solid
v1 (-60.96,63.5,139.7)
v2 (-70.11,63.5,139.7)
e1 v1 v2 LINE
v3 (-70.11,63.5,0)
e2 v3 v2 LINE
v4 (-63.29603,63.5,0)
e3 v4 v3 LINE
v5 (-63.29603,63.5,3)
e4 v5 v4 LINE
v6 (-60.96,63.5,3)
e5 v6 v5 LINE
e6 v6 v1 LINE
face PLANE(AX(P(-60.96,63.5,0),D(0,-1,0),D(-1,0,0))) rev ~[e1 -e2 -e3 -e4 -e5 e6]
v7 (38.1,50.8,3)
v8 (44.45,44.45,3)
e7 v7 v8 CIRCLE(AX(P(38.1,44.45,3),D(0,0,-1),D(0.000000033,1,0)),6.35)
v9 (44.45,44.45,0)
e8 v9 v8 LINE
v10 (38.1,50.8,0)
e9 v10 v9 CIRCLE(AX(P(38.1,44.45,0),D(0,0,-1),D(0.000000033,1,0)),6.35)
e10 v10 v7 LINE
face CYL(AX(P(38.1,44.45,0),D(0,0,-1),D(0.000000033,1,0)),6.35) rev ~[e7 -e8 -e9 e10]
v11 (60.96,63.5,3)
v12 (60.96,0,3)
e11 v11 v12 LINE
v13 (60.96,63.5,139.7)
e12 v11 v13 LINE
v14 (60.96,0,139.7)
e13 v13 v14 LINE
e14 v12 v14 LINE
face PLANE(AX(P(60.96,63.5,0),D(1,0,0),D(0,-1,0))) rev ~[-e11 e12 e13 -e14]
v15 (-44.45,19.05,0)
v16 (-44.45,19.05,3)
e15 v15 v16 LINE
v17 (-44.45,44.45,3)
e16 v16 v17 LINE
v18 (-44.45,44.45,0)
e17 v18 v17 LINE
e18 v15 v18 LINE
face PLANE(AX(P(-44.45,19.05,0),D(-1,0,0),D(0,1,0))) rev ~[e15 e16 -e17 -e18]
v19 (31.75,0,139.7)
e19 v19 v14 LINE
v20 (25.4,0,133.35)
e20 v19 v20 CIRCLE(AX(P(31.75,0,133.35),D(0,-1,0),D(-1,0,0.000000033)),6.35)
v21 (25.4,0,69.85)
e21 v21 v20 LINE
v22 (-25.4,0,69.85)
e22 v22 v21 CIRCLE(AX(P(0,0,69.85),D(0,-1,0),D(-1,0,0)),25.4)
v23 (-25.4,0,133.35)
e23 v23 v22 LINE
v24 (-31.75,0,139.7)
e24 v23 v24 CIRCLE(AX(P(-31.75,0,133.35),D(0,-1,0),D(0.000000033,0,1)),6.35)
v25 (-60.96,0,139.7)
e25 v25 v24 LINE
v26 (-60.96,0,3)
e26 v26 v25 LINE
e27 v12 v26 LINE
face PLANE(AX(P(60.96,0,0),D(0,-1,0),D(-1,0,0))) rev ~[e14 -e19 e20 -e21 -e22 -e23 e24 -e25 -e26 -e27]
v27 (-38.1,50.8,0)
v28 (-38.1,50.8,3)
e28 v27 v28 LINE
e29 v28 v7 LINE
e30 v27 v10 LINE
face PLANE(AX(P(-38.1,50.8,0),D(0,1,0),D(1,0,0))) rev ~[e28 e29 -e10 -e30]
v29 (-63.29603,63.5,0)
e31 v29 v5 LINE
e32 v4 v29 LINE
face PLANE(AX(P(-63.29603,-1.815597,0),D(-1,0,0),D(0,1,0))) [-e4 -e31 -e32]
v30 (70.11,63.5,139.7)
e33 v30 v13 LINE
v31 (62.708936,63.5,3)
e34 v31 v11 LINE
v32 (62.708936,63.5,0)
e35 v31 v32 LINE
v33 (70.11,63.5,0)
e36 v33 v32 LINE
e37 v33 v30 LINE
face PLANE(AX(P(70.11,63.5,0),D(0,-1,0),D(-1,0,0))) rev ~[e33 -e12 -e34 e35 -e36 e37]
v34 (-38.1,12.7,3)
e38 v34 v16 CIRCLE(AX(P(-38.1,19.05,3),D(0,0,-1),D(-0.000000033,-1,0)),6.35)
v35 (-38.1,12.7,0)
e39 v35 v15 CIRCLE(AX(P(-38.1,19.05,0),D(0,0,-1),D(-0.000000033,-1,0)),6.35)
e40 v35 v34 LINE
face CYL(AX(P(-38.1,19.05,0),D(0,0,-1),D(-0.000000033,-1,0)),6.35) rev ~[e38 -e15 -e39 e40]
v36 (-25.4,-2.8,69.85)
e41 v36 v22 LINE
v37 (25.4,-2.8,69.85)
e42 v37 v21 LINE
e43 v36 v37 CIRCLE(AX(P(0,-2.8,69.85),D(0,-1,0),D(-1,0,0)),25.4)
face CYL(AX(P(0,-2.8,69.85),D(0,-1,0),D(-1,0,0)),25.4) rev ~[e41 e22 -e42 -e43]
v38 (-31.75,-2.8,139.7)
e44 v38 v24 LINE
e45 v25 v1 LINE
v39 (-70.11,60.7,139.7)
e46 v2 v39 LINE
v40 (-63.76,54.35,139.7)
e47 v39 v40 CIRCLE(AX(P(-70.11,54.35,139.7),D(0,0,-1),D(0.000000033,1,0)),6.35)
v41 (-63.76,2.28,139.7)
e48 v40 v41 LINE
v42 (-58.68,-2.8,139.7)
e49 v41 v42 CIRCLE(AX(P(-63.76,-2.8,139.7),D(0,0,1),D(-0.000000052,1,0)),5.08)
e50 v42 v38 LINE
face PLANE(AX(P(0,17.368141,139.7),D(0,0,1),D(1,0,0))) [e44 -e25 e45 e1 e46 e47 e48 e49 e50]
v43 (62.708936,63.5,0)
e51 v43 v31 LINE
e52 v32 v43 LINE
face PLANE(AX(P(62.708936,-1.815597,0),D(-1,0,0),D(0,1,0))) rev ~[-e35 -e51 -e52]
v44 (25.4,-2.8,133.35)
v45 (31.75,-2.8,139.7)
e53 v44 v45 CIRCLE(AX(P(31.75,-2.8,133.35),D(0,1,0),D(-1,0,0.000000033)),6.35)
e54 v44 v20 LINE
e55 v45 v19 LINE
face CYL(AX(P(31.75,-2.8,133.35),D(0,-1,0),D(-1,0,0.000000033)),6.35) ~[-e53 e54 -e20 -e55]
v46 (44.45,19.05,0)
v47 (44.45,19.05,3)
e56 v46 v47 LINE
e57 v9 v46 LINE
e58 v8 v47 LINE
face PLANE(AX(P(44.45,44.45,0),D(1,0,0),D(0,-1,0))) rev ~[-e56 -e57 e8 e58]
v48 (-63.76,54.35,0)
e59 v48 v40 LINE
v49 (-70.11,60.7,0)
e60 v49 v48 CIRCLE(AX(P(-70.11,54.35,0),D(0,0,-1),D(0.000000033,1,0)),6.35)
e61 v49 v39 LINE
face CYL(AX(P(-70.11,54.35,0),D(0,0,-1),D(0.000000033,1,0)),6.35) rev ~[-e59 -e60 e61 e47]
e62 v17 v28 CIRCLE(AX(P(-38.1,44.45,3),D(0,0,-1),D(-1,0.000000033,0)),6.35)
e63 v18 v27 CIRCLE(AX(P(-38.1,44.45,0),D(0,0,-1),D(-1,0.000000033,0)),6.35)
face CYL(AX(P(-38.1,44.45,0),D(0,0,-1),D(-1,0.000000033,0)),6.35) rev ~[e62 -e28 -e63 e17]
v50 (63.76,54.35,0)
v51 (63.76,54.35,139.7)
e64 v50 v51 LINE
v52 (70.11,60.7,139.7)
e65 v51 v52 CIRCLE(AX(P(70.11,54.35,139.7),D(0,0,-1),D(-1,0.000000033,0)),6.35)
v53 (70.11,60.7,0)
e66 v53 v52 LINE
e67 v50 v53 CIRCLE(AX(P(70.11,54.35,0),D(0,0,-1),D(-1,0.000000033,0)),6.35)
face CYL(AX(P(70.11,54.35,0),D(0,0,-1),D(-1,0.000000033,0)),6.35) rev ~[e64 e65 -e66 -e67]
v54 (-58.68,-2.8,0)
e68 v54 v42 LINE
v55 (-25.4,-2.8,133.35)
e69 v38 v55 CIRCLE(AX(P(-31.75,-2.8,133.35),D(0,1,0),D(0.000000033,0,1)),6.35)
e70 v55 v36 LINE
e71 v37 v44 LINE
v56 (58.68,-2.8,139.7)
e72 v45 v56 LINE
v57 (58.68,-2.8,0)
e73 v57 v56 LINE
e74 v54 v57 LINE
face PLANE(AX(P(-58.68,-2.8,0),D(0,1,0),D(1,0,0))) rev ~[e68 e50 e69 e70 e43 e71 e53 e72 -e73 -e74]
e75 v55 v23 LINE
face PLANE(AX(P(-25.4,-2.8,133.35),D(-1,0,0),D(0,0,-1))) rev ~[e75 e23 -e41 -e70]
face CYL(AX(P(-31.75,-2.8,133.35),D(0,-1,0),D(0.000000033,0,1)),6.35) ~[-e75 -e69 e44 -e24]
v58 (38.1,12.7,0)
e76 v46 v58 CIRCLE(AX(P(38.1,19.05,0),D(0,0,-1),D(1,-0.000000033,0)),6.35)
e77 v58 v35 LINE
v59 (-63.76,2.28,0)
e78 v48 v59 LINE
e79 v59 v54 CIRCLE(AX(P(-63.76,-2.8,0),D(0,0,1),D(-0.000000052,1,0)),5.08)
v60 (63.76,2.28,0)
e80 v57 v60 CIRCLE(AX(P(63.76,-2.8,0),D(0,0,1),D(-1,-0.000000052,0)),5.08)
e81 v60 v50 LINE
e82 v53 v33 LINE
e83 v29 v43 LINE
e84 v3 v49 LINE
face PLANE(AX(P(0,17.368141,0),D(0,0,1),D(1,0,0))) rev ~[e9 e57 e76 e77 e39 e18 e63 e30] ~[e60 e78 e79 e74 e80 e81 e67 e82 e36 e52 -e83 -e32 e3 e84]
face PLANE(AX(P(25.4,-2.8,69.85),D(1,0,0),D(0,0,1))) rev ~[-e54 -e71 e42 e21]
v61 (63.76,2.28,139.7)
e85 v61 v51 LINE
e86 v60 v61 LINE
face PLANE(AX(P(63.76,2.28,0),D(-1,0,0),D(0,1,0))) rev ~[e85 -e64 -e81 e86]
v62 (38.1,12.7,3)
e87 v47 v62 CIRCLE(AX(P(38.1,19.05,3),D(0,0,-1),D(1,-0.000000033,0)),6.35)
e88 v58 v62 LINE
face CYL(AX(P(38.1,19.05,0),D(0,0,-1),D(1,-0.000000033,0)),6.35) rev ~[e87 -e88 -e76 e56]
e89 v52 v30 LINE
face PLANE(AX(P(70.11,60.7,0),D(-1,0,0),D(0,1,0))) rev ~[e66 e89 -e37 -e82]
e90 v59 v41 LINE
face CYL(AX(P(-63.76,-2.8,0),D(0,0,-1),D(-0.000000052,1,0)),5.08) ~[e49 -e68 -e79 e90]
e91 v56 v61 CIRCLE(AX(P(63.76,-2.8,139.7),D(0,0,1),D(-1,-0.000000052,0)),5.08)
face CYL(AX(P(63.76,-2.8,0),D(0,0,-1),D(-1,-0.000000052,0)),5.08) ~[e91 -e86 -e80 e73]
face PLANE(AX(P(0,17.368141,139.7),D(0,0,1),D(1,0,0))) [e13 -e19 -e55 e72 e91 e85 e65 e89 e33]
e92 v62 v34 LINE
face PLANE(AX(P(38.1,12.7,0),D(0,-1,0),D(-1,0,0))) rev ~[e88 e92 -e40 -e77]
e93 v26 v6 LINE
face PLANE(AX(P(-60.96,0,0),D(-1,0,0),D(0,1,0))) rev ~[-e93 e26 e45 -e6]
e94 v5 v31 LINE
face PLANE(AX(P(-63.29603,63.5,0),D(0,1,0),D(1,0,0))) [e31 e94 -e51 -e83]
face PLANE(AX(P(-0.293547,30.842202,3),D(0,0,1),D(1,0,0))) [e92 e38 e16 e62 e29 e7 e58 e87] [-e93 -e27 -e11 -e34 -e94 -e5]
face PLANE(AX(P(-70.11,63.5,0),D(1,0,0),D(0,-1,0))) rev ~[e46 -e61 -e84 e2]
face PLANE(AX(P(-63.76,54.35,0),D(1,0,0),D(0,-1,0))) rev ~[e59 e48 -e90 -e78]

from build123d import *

# Parameters (mm, degrees)
F1_DEPTH = 139.7
F3_DEPTH = 66.301
F4_W     = 126.004966
F4_H     = 65.315597
F5_DEPTH = 3


with BuildPart() as f1:
    # F0 (on Top) → F1 (new body)
    with BuildSketch(Plane.XY):
        with BuildLine():
            Line((60.96, 0), (-60.96, 0))
            Line((-60.96, 0), (-60.96, 63.5))
            Line((-60.96, 63.5), (-70.11, 63.5))
            Line((-70.11, 63.5), (-70.11, 60.7))
            ThreePointArc((-70.11, 60.7), (-65.619872, 58.840128), (-63.76, 54.35))
            Line((-63.76, 54.35), (-63.76, 2.28))
            Line((-63.76, 2.28), (-63.76, -2.8))
            Line((-63.76, -2.8), (-58.68, -2.8))
            Line((-58.68, -2.8), (58.68, -2.8))
            Line((58.68, -2.8), (63.76, -2.8))
            Line((63.76, -2.8), (63.76, 2.28))
            Line((63.76, 2.28), (63.76, 54.35))
            ThreePointArc((63.76, 54.35), (65.619872, 58.840128), (70.11, 60.7))
            Line((70.11, 60.7), (70.11, 63.5))
            Line((70.11, 63.5), (60.96, 63.5))
            Line((60.96, 63.5), (60.96, 0))
        make_face()
        with BuildLine():
            Line((-63.76, -2.8), (-63.76, 2.28))
            ThreePointArc((-63.76, 2.28), (-67.352102, -6.392102), (-58.68, -2.8))
            Line((-58.68, -2.8), (-63.76, -2.8))
        make_face()
        with BuildLine():
            ThreePointArc((58.68, -2.8), (67.352102, -6.392102), (63.76, 2.28))
            Line((63.76, 2.28), (63.76, -2.8))
            Line((63.76, -2.8), (58.68, -2.8))
        make_face()
    extrude(amount=F1_DEPTH)

    # F2 (on face) → F3 (cut, through all)
    with BuildSketch(Plane.XZ.offset(2.8)):
        with BuildLine():
            Line((-25.4, 133.35), (-25.4, 69.85))
            ThreePointArc((-25.4, 69.85), (0, 44.45), (25.4, 69.85))
            Line((25.4, 69.85), (25.4, 133.35))
            ThreePointArc((25.4, 133.35), (27.259872, 137.840128), (31.75, 139.7))
            Line((31.75, 139.7), (41.905578, 139.7))
            Line((41.905578, 139.7), (41.905578, 151.021525))
            Line((41.905578, 151.021525), (-38.783666, 151.021525))
            Line((-38.783666, 151.021525), (-38.783666, 139.7))
            Line((-38.783666, 139.7), (-31.75, 139.7))
            ThreePointArc((-31.75, 139.7), (-27.259872, 137.840128), (-25.4, 133.35))
        make_face()
    extrude(amount=-F3_DEPTH, mode=Mode.SUBTRACT)

    # F4 (on Top) → F5 (join)
    with BuildSketch(Plane.XY):
        with Locations((-0.293547, 30.842202)):
            Rectangle(F4_W, F4_H)
        with BuildLine():
            ThreePointArc((-44.45, 44.45), (-42.590128, 48.940128), (-38.1, 50.8))
            Line((-38.1, 50.8), (38.1, 50.8))
            ThreePointArc((38.1, 50.8), (42.590128, 48.940128), (44.45, 44.45))
            Line((44.45, 44.45), (44.45, 19.05))
            ThreePointArc((44.45, 19.05), (42.590128, 14.559872), (38.1, 12.7))
            Line((38.1, 12.7), (-38.1, 12.7))
            ThreePointArc((-38.1, 12.7), (-42.590128, 14.559872), (-44.45, 19.05))
            Line((-44.45, 19.05), (-44.45, 44.45))
        make_face(mode=Mode.SUBTRACT)
    extrude(amount=F5_DEPTH)


solid = f1.part
